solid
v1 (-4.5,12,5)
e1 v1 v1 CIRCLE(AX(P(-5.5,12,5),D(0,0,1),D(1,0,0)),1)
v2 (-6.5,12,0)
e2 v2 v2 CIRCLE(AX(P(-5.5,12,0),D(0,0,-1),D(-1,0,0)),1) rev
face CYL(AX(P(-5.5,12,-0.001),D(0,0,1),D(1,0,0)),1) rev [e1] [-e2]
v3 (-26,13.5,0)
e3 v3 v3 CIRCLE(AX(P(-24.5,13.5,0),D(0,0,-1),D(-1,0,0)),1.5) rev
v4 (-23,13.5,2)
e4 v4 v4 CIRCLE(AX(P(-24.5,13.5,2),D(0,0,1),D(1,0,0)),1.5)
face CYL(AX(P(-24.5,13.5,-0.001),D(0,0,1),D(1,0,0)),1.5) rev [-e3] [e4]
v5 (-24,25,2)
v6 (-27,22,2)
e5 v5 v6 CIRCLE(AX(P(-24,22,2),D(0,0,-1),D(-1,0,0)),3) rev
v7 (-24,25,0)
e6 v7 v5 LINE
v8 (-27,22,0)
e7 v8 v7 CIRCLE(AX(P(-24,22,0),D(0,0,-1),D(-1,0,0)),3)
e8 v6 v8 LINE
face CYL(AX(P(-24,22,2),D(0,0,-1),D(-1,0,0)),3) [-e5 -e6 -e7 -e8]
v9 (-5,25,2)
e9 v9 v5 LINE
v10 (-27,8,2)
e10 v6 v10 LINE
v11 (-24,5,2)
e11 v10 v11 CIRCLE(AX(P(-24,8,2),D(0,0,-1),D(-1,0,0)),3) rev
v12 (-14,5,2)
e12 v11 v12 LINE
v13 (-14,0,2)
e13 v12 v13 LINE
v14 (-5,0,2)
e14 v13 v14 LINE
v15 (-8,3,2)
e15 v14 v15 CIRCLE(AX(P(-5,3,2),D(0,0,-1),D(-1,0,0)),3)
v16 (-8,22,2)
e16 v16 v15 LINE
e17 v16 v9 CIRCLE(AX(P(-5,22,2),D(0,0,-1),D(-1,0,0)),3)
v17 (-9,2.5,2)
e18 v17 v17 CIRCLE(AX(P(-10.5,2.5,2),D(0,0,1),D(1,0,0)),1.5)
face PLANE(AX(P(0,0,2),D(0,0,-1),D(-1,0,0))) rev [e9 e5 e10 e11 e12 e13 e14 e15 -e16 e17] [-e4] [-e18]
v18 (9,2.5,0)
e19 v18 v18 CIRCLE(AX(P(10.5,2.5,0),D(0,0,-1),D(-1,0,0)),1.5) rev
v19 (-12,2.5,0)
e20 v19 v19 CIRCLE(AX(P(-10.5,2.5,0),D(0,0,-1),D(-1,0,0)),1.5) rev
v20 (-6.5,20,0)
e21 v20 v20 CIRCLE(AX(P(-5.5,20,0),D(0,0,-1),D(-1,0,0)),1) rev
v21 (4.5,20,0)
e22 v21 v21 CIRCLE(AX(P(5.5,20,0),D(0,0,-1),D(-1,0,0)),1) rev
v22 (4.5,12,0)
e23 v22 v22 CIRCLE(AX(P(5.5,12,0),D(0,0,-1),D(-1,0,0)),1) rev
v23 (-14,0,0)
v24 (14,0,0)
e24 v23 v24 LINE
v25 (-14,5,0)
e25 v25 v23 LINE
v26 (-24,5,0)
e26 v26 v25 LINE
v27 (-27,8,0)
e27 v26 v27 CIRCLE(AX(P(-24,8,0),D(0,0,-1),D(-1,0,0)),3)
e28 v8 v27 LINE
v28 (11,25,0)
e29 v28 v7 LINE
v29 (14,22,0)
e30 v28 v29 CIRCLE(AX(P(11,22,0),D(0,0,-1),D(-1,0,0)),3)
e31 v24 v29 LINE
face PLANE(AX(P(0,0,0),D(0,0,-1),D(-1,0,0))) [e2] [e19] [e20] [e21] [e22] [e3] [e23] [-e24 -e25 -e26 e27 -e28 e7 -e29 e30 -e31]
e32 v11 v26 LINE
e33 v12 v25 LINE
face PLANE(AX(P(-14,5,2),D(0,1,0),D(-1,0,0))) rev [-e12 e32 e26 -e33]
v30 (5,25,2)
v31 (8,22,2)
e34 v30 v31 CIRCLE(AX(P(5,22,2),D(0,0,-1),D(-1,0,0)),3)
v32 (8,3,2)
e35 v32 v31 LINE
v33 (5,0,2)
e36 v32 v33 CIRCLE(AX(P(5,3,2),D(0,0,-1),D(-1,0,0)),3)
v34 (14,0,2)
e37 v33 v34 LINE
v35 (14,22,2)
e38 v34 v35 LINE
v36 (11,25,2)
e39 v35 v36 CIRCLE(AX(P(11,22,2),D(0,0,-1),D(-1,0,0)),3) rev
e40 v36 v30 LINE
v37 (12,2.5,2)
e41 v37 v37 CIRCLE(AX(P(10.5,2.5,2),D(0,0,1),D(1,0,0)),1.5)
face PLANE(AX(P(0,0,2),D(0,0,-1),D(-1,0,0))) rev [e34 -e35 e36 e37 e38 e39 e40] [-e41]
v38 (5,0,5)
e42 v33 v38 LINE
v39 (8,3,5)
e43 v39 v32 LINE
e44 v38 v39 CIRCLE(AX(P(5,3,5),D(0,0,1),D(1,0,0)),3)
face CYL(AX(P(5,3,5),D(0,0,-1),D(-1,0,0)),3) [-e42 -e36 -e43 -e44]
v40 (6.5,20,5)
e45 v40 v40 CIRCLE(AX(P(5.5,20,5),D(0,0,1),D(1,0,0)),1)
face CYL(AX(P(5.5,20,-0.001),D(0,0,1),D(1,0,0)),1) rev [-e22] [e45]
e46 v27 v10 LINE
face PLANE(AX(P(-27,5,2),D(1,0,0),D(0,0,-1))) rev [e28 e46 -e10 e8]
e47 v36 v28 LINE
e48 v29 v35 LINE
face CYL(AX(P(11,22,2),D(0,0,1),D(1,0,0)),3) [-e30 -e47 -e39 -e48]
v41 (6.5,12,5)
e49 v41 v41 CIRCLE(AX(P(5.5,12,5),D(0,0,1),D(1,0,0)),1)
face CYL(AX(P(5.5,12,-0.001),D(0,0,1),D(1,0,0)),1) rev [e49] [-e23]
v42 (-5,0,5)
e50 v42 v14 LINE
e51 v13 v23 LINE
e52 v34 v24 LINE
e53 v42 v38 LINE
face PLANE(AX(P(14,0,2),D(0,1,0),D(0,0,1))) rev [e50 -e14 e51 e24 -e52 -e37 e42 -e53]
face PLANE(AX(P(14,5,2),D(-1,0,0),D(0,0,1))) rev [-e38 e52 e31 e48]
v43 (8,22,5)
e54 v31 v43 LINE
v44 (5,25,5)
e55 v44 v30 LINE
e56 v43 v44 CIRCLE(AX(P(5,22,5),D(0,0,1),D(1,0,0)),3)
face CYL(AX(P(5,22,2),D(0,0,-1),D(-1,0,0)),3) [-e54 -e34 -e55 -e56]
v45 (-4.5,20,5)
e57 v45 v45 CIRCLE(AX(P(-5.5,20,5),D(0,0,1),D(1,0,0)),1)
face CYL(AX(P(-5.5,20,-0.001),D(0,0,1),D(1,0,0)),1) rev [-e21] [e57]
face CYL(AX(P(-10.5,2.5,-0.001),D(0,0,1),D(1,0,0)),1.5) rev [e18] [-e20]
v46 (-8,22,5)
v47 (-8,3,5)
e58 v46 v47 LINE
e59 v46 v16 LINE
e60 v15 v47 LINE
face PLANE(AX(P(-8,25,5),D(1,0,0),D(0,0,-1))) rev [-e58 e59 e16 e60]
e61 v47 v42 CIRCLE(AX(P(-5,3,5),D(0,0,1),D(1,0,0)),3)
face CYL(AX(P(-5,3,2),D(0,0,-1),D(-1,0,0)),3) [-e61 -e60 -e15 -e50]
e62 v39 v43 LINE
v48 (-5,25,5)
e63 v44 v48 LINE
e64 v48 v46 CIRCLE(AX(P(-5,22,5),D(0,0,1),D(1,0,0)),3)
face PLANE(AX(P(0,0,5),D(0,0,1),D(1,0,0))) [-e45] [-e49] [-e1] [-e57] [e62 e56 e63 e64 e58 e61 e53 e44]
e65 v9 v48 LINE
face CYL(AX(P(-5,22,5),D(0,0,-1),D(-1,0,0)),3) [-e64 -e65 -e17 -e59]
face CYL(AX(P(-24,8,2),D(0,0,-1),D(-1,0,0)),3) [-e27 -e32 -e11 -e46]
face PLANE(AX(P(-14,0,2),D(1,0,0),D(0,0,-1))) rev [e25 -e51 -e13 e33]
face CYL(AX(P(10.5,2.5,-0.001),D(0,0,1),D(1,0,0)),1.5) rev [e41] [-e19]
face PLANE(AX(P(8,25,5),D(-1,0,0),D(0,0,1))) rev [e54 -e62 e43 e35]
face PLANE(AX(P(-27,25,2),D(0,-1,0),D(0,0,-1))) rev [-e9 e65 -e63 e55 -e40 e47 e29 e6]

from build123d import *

# Parameters (mm, degrees)
BOSS_EXTRU_1_DEPTH      = 2
ESQUISSE2_W             = 16
ESQUISSE2_H             = 25
BOSS_EXTRU_2_DEPTH      = 3
ENL_V_MAT_EXTRU_1_REACH = 4
ESQUISSE3_R             = 1.5
ENL_V_MAT_EXTRU_2_REACH = 7
ESQUISSE4_R             = 1
ENL_V_MAT_EXTRU_3_REACH = 4
ESQUISSE5_W             = 13
ESQUISSE5_H             = 20
CONG_1_R                = 3


with BuildPart() as part:
    # Esquisse1 → Boss.-Extru.1 (new body)
    with BuildSketch(Plane.XY):
        Polygon((-27, 25), (27, 25), (27, 5), (14, 5), (14, 0), (-14, 0), (-14, 5), (-27, 5), align=None)
    extrude(amount=BOSS_EXTRU_1_DEPTH)

    # Esquisse2 → Boss.-Extru.2 (add)
    with BuildSketch(Plane.XY.offset(2)):
        with Locations((0, 12.5)):
            Rectangle(ESQUISSE2_W, ESQUISSE2_H)
    extrude(amount=BOSS_EXTRU_2_DEPTH)

    # Esquisse3 → Enlèv. mat.-Extru.1 (cut, up to next)
    with BuildSketch(Plane.XY.offset(2), mode=Mode.PRIVATE) as enl_v_mat_extru_1_sk1:
        with Locations((-24.5, 13.5)):
            Circle(ESQUISSE3_R)
    enl_v_mat_extru_1_tool1 = extrude(enl_v_mat_extru_1_sk1.sketch, amount=-ENL_V_MAT_EXTRU_1_REACH, mode=Mode.PRIVATE) & part.part
    add(enl_v_mat_extru_1_tool1.solids().sort_by_distance((-24.5, 13.5, 2))[0], mode=Mode.SUBTRACT)
    # Esquisse3 → Enlèv. mat.-Extru.1 (cut, up to next)
    with BuildSketch(Plane.XY.offset(2), mode=Mode.PRIVATE) as enl_v_mat_extru_1_sk2:
        with Locations((-10.5, 2.5)):
            Circle(ESQUISSE3_R)
    enl_v_mat_extru_1_tool2 = extrude(enl_v_mat_extru_1_sk2.sketch, amount=-ENL_V_MAT_EXTRU_1_REACH, mode=Mode.PRIVATE) & part.part
    add(enl_v_mat_extru_1_tool2.solids().sort_by_distance((-10.5, 2.5, 2))[0], mode=Mode.SUBTRACT)
    # Esquisse3 → Enlèv. mat.-Extru.1 (cut, up to next)
    with BuildSketch(Plane.XY.offset(2), mode=Mode.PRIVATE) as enl_v_mat_extru_1_sk3:
        with Locations((10.5, 2.5)):
            Circle(ESQUISSE3_R)
    enl_v_mat_extru_1_tool3 = extrude(enl_v_mat_extru_1_sk3.sketch, amount=-ENL_V_MAT_EXTRU_1_REACH, mode=Mode.PRIVATE) & part.part
    add(enl_v_mat_extru_1_tool3.solids().sort_by_distance((10.5, 2.5, 2))[0], mode=Mode.SUBTRACT)

    # Esquisse4 → Enlèv. mat.-Extru.2 (cut, up to next)
    with BuildSketch(Plane.XY.offset(5), mode=Mode.PRIVATE) as enl_v_mat_extru_2_sk1:
        with Locations((-5.5, 20)):
            Circle(ESQUISSE4_R)
    enl_v_mat_extru_2_tool1 = extrude(enl_v_mat_extru_2_sk1.sketch, amount=-ENL_V_MAT_EXTRU_2_REACH, mode=Mode.PRIVATE) & part.part
    add(enl_v_mat_extru_2_tool1.solids().sort_by_distance((-5.5, 20, 5))[0], mode=Mode.SUBTRACT)
    # Esquisse4 → Enlèv. mat.-Extru.2 (cut, up to next)
    with BuildSketch(Plane.XY.offset(5), mode=Mode.PRIVATE) as enl_v_mat_extru_2_sk2:
        with Locations((-5.5, 12)):
            Circle(ESQUISSE4_R)
    enl_v_mat_extru_2_tool2 = extrude(enl_v_mat_extru_2_sk2.sketch, amount=-ENL_V_MAT_EXTRU_2_REACH, mode=Mode.PRIVATE) & part.part
    add(enl_v_mat_extru_2_tool2.solids().sort_by_distance((-5.5, 12, 5))[0], mode=Mode.SUBTRACT)
    # Esquisse4 → Enlèv. mat.-Extru.2 (cut, up to next)
    with BuildSketch(Plane.XY.offset(5), mode=Mode.PRIVATE) as enl_v_mat_extru_2_sk3:
        with Locations((5.5, 12)):
            Circle(ESQUISSE4_R)
    enl_v_mat_extru_2_tool3 = extrude(enl_v_mat_extru_2_sk3.sketch, amount=-ENL_V_MAT_EXTRU_2_REACH, mode=Mode.PRIVATE) & part.part
    add(enl_v_mat_extru_2_tool3.solids().sort_by_distance((5.5, 12, 5))[0], mode=Mode.SUBTRACT)
    # Esquisse4 → Enlèv. mat.-Extru.2 (cut, up to next)
    with BuildSketch(Plane.XY.offset(5), mode=Mode.PRIVATE) as enl_v_mat_extru_2_sk4:
        with Locations((5.5, 20)):
            Circle(ESQUISSE4_R)
    enl_v_mat_extru_2_tool4 = extrude(enl_v_mat_extru_2_sk4.sketch, amount=-ENL_V_MAT_EXTRU_2_REACH, mode=Mode.PRIVATE) & part.part
    add(enl_v_mat_extru_2_tool4.solids().sort_by_distance((5.5, 20, 5))[0], mode=Mode.SUBTRACT)

    # Esquisse5 → Enlèv. mat.-Extru.3 (cut, up to next)
    with BuildSketch(Plane.XY.offset(2), mode=Mode.PRIVATE) as enl_v_mat_extru_3_sk1:
        with Locations((20.5, 15)):
            Rectangle(ESQUISSE5_W, ESQUISSE5_H)
    enl_v_mat_extru_3_tool1 = extrude(enl_v_mat_extru_3_sk1.sketch, amount=-ENL_V_MAT_EXTRU_3_REACH, mode=Mode.PRIVATE) & part.part
    add(enl_v_mat_extru_3_tool1.solids().sort_by_distance((20.5, 15, 2))[0], mode=Mode.SUBTRACT)

    # Congé1
    cong_1_edges = [part.edges().sort_by_distance(p)[0] for p in [
        (8, 0, 3.5),
        (-8, 0, 3.5),
        (8, 25, 3.5),
        (-8, 25, 3.5),
        (-27, 5, 1),
        (-27, 25, 1),
        (14, 25, 1),
    ]]
    fillet(cong_1_edges, radius=CONG_1_R)


solid = part.part
